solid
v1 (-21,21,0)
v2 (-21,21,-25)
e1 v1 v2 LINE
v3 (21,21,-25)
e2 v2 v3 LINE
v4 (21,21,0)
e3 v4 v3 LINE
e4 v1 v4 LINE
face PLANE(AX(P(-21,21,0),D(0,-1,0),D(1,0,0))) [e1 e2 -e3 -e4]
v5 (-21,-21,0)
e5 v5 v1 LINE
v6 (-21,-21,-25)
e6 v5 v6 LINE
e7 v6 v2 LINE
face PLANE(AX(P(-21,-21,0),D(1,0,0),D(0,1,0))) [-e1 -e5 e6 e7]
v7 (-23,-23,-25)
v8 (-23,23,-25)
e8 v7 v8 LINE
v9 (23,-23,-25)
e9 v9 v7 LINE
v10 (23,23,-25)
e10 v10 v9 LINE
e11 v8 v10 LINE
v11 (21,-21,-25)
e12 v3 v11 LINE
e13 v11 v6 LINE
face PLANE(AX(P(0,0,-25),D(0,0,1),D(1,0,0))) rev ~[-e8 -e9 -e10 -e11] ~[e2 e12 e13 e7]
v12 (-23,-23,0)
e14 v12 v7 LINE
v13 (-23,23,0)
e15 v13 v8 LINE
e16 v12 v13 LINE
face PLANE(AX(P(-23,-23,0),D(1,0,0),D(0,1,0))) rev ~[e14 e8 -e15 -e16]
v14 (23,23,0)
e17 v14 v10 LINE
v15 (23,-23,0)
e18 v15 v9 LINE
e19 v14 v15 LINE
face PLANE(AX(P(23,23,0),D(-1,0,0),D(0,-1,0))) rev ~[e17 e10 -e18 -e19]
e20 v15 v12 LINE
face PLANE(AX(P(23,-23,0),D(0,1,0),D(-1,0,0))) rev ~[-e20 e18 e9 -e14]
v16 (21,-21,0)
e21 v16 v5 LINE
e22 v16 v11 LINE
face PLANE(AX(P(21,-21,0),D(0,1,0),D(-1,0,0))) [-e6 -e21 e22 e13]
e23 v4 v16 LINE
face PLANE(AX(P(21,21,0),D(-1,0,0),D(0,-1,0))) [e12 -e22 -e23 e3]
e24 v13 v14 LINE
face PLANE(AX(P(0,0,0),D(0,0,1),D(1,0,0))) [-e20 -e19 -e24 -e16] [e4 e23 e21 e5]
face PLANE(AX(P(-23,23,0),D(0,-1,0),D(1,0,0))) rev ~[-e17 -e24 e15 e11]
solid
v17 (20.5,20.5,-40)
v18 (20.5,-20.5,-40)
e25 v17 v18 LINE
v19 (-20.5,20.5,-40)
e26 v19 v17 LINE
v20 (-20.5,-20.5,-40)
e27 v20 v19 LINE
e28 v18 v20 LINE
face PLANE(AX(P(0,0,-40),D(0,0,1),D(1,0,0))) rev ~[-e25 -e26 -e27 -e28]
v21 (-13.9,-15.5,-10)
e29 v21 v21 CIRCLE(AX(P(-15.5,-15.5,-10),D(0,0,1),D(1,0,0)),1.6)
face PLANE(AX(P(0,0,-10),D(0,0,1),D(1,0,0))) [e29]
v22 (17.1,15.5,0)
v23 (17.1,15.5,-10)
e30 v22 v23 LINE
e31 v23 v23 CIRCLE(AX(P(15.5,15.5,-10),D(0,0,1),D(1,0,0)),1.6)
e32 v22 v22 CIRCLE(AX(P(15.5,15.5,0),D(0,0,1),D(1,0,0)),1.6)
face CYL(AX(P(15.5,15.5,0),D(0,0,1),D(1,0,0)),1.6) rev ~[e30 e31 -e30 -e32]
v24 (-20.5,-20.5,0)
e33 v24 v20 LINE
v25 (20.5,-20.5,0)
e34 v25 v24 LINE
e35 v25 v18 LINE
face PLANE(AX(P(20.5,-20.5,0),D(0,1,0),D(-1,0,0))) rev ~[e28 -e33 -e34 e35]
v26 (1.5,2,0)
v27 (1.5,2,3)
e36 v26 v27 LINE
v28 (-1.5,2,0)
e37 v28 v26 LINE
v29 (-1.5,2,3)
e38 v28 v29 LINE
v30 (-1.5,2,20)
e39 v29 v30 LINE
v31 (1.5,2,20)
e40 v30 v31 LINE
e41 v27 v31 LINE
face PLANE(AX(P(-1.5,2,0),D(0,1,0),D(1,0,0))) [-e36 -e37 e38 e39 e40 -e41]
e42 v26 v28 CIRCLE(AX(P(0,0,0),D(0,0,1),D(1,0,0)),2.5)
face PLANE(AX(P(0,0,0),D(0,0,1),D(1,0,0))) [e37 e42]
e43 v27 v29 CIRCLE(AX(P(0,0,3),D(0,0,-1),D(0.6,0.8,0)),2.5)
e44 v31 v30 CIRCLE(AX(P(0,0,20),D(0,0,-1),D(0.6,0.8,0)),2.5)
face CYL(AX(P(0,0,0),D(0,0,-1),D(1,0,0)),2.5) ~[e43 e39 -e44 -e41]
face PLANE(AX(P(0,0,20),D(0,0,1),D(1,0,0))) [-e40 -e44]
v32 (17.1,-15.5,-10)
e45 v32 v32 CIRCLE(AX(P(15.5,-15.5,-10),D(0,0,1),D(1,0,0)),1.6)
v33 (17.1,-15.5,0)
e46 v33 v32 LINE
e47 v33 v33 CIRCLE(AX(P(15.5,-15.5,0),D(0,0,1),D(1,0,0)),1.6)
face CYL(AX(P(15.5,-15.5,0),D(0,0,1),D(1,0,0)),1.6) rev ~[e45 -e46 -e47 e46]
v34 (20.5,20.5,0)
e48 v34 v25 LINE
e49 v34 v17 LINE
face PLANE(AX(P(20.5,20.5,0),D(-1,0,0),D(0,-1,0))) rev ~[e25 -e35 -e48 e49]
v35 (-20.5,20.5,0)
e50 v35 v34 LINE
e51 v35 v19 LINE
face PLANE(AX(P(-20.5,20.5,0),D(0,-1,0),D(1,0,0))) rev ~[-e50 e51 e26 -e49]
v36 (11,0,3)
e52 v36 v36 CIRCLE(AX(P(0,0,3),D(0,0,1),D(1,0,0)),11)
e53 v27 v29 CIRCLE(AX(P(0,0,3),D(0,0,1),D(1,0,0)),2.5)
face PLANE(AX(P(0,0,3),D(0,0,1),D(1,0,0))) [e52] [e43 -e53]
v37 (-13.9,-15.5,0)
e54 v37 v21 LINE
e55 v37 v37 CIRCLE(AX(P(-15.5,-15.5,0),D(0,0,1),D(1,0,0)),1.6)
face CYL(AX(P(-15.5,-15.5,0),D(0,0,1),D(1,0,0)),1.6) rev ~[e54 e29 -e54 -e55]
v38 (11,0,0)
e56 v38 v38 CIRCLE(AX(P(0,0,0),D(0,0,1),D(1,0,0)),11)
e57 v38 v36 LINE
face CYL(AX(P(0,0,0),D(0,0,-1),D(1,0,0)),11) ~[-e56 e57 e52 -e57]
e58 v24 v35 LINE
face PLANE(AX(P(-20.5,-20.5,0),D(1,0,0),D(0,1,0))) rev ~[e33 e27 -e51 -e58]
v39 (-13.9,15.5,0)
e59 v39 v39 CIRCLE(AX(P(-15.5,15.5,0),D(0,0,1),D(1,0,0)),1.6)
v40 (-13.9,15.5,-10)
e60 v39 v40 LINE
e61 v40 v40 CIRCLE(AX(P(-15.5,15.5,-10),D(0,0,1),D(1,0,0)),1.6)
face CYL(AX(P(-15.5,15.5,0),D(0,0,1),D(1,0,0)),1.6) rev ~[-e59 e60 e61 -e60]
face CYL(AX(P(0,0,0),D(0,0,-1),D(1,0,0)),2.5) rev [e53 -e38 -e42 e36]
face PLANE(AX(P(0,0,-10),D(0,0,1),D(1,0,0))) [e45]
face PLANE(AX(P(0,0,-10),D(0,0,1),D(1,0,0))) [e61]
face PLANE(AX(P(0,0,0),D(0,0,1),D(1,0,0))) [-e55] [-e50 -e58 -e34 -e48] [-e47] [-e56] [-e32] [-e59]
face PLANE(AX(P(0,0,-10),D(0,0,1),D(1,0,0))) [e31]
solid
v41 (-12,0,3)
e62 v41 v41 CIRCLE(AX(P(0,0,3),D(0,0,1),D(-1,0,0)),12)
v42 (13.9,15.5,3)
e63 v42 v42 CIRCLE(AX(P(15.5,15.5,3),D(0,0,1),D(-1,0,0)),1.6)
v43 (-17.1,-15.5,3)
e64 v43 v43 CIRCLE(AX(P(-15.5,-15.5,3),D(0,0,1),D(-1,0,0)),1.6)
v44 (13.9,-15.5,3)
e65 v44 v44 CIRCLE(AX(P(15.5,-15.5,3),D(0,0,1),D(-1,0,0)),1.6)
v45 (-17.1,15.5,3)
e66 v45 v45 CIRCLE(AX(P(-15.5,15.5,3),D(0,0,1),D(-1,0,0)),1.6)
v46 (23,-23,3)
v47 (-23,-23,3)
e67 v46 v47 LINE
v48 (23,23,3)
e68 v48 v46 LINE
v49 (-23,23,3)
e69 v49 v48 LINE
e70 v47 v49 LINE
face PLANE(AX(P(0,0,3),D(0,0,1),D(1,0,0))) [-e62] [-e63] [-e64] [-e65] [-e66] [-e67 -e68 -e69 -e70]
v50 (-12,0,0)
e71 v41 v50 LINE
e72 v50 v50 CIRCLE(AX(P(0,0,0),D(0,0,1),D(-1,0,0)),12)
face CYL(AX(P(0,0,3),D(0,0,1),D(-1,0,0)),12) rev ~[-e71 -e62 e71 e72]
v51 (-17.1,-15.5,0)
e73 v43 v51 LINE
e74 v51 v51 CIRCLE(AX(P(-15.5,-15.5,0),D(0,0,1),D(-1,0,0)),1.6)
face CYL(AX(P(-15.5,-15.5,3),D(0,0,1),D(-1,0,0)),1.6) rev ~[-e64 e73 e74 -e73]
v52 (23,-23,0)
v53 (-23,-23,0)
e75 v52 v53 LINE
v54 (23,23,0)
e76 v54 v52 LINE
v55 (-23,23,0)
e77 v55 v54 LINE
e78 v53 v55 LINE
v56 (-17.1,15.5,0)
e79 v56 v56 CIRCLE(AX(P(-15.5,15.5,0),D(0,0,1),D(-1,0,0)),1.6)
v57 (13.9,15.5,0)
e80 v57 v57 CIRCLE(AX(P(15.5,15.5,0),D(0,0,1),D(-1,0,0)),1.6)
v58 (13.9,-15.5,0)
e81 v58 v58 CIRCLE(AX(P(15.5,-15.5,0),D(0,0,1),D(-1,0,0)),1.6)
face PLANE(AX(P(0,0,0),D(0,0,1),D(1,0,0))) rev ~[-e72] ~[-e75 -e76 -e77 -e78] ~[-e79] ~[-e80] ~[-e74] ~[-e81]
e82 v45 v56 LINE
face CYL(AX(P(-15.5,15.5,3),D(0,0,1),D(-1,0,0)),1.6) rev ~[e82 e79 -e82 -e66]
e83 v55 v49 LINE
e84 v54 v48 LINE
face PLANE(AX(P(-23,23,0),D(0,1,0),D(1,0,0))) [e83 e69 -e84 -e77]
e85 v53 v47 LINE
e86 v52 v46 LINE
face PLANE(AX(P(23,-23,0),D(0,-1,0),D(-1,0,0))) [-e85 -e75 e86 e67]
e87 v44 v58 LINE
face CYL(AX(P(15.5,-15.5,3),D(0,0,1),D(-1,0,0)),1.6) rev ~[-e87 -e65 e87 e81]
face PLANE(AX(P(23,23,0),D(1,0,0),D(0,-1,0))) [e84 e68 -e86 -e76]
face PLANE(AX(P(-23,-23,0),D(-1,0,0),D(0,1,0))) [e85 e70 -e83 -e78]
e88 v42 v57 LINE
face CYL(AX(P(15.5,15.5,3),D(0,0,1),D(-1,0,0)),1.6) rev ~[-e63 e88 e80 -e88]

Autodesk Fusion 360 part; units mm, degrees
sketch "Sketch1" plane through (0, 0, 0) normal (0, 0, 1) x (1, 0, 0) in component "Nema-17"
  line L0 (20.5, -20.5) -> (-20.5, -20.5)
  line L1 (-20.5, -20.5) -> (-20.5, 20.5)
  line L2 (-20.5, 20.5) -> (20.5, 20.5)
  line L3 (20.5, 20.5) -> (20.5, -20.5)
  line L4 (20.5, -20.5) -> (-20.5, 20.5) construction
  line L5 (-20.5, -20.5) -> (20.5, 20.5) construction
  circle A0 centre (15.5, -15.5) radius 1.6
  circle A1 centre (15.5, 15.5) radius 1.6
  circle A2 centre (-15.5, 15.5) radius 1.6
  circle A3 centre (-15.5, -15.5) radius 1.6
  circle A4 centre (0, 0) radius 11
  circle A5 centre (0, 0) radius 2.5
  circle A6 centre (0, 0) radius 2
  line L6 (0, 2) -> (1.5, 2)
  line L7 (-1.5, 2) -> (1.5, 2)
  dimension "d1" = 41
  dimension "d2" = 41
  dimension "d7" = 3.2
  dimension "d8" = 5
  dimension "d9" = 5
  dimension "d10" = 3.2
  dimension "d11" = 5
  dimension "d12" = 5
  dimension "d13" = 3.2
  dimension "d14" = 5
  dimension "d15" = 5
  dimension "d16" = 3.2
  dimension "d17" = 5
  dimension "d18" = 5
  dimension "d19" = 22
  dimension "d20" = 5
  dimension "d21" = 4
extrude "Extrude3" add sketch "Sketch1" along normal blind 3 contours A4 makes body 1 in component "Nema-17"
extrude "Extrude2" add sketch "Sketch1" against normal blind 40 separate body contours L0 L1 L2 L3 | A0 | A1 | A2 | A3 | A4 | A6 | A5 L6 L7 | A5 L6 L7 makes body 2 in component "Nema-17"
extrude "Extrude4" cut sketch "Sketch1" against normal blind 10 contours A0 | A1 | A2 | A3 bodies 2 in component "Nema-17"
extrude "Extrude5" add sketch "Sketch1" along normal blind 20 contours A6 | A5 L6 L7 picked at (-1.539, 1.7479) bodies 1 2 in component "Nema-17"
sketch "Sketch1 (2)" plane through (0, 0, 0) normal (0, 0, 1) x (1, 0, 0) in component "joint_cover"
  line L0 (21, -21) -> (-21, -21)
  line L1 (-21, -21) -> (-21, 21)
  line L2 (-21, 21) -> (21, 21)
  line L3 (21, 21) -> (21, -21)
  line L4 (21, -21) -> (-21, 21) construction
  line L5 (-21, -21) -> (21, 21) construction
  line L6 (23, -23) -> (-23, -23)
  line L7 (-23, -23) -> (-23, 23)
  line L8 (-23, 23) -> (23, 23)
  line L9 (23, 23) -> (23, -23)
  line L10 (23, -23) -> (-23, 23) construction
  line L11 (-23, -23) -> (23, 23) construction
  circle A0 centre (0, 0) radius 12
  dimension "d28" = 42
  dimension "d29" = 42
  dimension "d30" = 46
  dimension "d31" = 46
  dimension "d36" = 24
extrude "Extrude2'" add sketch "Sketch1 (2)" along normal blind 3 separate body contours L0 L1 L2 L3 | L6 L7 L8 L9 | A0 makes body 3 in component "joint_cover"
extrude "Extrude1" add sketch "Sketch1 (2)" against normal blind 25 separate body contours L6 L7 L8 L9 makes body 4 in component "joint_cover"
sketch "Sketch2" plane through (0, 0, 3) normal (0, 0, 1) x (-1, 0, 0) in component "joint_cover"
  line L0 (-23, -23) -> (23, -23)
  line L1 (23, -23) -> (23, 23)
  line L2 (23, 23) -> (-23, 23)
  line L3 (-23, 23) -> (-23, -23)
  circle A0 centre (0, 0) radius 12
  circle A1 centre (-15.5, 15.5) radius 1.6
  line L4 (-21, -21) -> (-21, 21)
  line L5 (-21, 21) -> (21, 21)
  circle A2 centre (-15.5, -15.5) radius 1.6
  line L6 (21, -21) -> (-21, -21)
  circle A3 centre (15.5, -15.5) radius 1.6
  line L7 (21, 21) -> (21, -21)
  circle A4 centre (15.5, 15.5) radius 1.6
  dimension "d37" = 24
  dimension "d40" = 3.2
  dimension "d41" = 5.5
  dimension "d42" = 5.5
  dimension "d43" = 3.2
  dimension "d44" = 5.5
  dimension "d45" = 5.5
  dimension "d46" = 3.2
  dimension "d47" = 5.5
  dimension "d48" = 5.5
  dimension "d49" = 3.2
  dimension "d50" = 5.5
  dimension "d51" = 5.5
extrude "Extrude3'" cut sketch "Sketch2" against normal up to surface (3 mm away) contours A0 bodies 3 in component "joint_cover"
extrude "Extrude4'" cut sketch "Sketch2" against normal up to surface (3 mm away) contours A1 | A2 | A3 | A4 bodies 3 in component "joint_cover"
component "Nema-17" placed x (1, 0, 0) y (0, 1, 0) z (0, 0, 1) at (0, 0, 0)
component "joint_cover" placed x (1, 0, 0) y (0, 1, 0) z (0, 0, 1) at (0, 0, 0)
